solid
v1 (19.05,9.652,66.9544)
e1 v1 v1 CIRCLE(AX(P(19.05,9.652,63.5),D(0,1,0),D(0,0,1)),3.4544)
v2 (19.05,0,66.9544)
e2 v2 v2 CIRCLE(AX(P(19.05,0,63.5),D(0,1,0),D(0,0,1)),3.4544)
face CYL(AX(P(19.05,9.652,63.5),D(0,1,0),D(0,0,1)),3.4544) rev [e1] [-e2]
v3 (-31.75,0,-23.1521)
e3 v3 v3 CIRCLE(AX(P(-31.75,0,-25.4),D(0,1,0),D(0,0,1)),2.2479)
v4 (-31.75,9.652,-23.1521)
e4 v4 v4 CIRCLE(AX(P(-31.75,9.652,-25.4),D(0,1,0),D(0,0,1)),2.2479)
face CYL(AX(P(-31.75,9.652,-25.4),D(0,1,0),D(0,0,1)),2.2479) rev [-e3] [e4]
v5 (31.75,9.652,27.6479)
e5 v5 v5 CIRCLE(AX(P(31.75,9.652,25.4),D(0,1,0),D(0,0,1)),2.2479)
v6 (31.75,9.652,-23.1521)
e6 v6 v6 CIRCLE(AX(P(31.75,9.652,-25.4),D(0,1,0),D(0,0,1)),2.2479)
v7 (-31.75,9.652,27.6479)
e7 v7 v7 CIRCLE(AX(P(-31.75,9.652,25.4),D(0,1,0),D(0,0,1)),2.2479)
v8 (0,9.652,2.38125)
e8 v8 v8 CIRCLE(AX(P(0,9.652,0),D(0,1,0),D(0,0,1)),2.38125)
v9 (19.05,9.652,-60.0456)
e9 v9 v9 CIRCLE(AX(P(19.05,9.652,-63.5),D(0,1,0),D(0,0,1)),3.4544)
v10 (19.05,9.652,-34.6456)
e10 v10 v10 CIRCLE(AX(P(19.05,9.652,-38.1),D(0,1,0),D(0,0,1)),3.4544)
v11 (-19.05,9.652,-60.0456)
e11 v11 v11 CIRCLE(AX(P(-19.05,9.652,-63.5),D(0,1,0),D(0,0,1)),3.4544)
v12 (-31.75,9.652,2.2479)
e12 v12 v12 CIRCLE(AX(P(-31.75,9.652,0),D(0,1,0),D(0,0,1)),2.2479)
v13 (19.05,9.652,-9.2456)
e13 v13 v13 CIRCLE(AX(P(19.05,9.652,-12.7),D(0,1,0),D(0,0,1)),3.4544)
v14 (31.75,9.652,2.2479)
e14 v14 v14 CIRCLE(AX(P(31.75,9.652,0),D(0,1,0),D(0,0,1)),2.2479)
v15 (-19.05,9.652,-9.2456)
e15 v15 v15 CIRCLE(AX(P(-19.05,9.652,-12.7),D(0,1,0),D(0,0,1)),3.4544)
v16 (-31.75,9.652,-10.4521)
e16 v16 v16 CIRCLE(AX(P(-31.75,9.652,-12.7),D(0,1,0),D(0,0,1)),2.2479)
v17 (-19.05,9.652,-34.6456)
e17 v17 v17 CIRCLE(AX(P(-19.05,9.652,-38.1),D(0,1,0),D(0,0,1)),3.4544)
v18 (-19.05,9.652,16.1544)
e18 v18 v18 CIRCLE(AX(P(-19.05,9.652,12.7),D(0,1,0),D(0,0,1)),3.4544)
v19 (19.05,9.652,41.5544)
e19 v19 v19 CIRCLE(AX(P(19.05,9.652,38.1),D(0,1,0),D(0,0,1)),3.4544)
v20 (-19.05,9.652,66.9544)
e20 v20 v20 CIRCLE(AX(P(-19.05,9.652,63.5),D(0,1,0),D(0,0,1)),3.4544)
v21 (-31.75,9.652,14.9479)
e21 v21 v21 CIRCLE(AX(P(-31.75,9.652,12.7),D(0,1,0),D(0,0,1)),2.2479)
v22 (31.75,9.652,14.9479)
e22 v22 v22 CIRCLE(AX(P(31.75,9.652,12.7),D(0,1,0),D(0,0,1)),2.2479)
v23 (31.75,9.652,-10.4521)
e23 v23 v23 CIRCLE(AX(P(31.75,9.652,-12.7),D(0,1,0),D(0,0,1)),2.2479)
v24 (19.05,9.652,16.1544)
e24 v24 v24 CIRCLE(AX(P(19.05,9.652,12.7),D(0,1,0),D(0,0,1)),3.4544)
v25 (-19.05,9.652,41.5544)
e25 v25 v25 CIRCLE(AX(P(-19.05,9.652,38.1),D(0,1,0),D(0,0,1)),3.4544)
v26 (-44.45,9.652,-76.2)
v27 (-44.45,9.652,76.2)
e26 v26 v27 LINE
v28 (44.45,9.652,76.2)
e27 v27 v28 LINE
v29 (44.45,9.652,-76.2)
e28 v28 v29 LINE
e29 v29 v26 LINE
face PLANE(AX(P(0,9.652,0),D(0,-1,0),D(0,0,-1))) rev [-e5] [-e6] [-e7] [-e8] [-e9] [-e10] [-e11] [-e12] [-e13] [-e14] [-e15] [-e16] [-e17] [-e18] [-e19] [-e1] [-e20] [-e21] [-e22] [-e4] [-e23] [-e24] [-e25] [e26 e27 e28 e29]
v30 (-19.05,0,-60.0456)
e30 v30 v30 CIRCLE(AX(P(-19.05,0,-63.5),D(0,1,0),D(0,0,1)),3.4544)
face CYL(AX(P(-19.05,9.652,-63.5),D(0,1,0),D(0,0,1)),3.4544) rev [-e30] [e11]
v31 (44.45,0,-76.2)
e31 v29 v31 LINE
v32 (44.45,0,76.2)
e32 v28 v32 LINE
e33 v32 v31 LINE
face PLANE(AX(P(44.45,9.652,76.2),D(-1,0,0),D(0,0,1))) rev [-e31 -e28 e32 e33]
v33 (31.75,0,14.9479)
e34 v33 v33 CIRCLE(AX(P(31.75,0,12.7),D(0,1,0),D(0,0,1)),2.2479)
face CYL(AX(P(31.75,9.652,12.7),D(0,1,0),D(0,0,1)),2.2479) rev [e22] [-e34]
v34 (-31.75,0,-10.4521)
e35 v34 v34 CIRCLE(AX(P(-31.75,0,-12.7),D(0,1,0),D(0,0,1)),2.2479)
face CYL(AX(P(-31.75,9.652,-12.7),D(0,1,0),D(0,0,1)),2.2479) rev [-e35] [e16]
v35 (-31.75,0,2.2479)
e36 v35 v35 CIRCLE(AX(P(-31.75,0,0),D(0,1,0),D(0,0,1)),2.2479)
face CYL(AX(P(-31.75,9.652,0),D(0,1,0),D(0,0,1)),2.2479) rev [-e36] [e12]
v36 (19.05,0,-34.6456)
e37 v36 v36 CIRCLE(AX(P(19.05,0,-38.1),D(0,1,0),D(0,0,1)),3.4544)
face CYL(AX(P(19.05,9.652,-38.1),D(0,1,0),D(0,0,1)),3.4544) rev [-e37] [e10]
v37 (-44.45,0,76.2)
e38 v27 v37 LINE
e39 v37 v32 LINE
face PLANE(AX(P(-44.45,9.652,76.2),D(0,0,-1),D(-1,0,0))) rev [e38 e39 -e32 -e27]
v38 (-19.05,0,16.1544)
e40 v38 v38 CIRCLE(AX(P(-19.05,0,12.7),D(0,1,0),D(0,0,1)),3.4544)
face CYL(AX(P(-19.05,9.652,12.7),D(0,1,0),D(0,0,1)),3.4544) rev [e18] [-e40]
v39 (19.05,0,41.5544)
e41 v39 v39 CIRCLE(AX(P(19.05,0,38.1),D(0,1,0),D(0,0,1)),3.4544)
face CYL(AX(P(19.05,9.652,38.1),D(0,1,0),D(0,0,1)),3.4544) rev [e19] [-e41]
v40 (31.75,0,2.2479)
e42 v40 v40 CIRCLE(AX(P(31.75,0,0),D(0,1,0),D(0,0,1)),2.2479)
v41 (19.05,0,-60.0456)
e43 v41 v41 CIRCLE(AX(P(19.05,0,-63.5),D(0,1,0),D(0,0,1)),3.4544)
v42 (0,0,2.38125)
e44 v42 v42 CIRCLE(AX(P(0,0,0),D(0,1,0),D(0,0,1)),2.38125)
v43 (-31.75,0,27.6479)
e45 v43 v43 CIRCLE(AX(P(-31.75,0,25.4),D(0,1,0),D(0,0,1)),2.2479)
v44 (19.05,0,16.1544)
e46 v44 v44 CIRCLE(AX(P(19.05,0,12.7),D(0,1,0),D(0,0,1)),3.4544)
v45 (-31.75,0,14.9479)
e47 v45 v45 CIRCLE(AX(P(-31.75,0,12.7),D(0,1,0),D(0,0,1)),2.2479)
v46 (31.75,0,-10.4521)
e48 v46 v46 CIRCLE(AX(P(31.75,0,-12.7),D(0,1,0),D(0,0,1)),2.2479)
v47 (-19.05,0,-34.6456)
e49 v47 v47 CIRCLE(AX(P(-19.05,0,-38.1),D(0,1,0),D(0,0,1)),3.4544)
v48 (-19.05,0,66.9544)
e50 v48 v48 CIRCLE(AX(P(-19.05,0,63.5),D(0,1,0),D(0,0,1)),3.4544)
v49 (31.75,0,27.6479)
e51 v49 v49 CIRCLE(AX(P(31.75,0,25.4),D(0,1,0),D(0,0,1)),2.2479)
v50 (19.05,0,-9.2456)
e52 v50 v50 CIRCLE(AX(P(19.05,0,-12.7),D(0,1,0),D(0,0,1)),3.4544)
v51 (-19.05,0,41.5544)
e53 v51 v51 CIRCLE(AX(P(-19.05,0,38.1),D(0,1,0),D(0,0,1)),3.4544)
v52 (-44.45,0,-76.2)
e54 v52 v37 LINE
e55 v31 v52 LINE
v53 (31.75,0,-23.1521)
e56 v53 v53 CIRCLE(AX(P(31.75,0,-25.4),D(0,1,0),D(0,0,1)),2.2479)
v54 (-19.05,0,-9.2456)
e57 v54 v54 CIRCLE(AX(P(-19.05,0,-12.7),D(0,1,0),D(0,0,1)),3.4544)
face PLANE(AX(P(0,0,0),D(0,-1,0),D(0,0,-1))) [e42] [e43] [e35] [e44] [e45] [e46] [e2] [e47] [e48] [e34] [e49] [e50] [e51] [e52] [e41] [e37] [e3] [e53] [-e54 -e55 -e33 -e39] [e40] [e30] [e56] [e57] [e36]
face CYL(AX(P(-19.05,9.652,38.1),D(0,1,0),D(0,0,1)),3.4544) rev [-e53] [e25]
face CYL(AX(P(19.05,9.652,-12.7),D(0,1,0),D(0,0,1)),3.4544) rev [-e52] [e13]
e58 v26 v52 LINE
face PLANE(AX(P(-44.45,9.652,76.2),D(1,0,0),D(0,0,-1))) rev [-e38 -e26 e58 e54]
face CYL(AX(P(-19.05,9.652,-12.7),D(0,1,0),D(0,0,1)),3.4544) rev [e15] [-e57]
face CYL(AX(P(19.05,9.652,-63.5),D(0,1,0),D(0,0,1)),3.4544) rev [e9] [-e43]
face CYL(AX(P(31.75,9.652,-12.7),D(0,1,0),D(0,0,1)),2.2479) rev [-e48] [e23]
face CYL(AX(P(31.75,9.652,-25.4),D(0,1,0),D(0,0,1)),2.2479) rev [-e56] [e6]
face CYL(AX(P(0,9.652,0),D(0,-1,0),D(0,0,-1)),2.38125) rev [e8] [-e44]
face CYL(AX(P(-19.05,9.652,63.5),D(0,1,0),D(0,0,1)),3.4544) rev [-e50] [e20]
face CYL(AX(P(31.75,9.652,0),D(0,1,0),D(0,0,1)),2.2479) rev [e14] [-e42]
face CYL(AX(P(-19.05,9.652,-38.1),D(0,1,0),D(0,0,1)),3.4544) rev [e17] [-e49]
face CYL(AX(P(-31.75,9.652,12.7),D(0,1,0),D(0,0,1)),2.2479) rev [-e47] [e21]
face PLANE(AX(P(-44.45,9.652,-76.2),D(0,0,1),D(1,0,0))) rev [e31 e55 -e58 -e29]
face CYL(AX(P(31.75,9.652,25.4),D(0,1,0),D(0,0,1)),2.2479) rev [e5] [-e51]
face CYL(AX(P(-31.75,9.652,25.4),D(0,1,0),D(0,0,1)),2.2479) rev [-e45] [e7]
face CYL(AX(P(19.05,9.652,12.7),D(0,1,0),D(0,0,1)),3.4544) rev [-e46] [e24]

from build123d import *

# Parameters (mm, degrees)
SKETCH1_W                = 88.9
SKETCH1_H                = 152.4
SKETCH1_R                = 2.38125
BOSS_EXTRUDE1_DEPTH      = 9.652
F_5_16_24_TAPPED_HOLE1_D = 6.9088
F_12_24_TAPPED_HOLE1_D   = 4.4958


with BuildPart() as part:
    # Sketch1 → Boss-Extrude1 (new body)
    with BuildSketch(Plane(origin=(0, 0, 0), x_dir=(1, 0, 0), z_dir=(0, 1, 0))):
        Rectangle(SKETCH1_W, SKETCH1_H)
        with Locations(Location((0, 0, 0), (0, 0, 270))):
            Circle(SKETCH1_R, mode=Mode.SUBTRACT)
    extrude(amount=BOSS_EXTRUDE1_DEPTH)

    # 5/16-24 Tapped Hole1 (through all)
    with Locations(Plane(origin=(0, 9.652, 0), x_dir=(1, 0, 0), z_dir=(0, 1, 0))):
        with Locations((19.05, 63.5), (-19.05, 63.5), (-19.05, 38.1), (19.05, 38.1), (19.05, 12.7), (19.05, -12.7), (19.05, -38.1), (19.05, -63.5), (-19.05, 12.7), (-19.05, -12.7), (-19.05, -38.1), (-19.05, -63.5)):
            Hole(F_5_16_24_TAPPED_HOLE1_D / 2)

    # #12-24 Tapped Hole1 (through all)
    with Locations(Plane(origin=(0, 9.652, 0), x_dir=(1, 0, 0), z_dir=(0, 1, 0))):
        with Locations((-31.75, 0), (31.75, 0), (-31.75, 12.7), (-31.75, 25.4), (31.75, 25.4), (31.75, 12.7), (31.75, -12.7), (31.75, -25.4), (-31.75, -12.7), (-31.75, -25.4)):
            Hole(F_12_24_TAPPED_HOLE1_D / 2)


solid = part.part
